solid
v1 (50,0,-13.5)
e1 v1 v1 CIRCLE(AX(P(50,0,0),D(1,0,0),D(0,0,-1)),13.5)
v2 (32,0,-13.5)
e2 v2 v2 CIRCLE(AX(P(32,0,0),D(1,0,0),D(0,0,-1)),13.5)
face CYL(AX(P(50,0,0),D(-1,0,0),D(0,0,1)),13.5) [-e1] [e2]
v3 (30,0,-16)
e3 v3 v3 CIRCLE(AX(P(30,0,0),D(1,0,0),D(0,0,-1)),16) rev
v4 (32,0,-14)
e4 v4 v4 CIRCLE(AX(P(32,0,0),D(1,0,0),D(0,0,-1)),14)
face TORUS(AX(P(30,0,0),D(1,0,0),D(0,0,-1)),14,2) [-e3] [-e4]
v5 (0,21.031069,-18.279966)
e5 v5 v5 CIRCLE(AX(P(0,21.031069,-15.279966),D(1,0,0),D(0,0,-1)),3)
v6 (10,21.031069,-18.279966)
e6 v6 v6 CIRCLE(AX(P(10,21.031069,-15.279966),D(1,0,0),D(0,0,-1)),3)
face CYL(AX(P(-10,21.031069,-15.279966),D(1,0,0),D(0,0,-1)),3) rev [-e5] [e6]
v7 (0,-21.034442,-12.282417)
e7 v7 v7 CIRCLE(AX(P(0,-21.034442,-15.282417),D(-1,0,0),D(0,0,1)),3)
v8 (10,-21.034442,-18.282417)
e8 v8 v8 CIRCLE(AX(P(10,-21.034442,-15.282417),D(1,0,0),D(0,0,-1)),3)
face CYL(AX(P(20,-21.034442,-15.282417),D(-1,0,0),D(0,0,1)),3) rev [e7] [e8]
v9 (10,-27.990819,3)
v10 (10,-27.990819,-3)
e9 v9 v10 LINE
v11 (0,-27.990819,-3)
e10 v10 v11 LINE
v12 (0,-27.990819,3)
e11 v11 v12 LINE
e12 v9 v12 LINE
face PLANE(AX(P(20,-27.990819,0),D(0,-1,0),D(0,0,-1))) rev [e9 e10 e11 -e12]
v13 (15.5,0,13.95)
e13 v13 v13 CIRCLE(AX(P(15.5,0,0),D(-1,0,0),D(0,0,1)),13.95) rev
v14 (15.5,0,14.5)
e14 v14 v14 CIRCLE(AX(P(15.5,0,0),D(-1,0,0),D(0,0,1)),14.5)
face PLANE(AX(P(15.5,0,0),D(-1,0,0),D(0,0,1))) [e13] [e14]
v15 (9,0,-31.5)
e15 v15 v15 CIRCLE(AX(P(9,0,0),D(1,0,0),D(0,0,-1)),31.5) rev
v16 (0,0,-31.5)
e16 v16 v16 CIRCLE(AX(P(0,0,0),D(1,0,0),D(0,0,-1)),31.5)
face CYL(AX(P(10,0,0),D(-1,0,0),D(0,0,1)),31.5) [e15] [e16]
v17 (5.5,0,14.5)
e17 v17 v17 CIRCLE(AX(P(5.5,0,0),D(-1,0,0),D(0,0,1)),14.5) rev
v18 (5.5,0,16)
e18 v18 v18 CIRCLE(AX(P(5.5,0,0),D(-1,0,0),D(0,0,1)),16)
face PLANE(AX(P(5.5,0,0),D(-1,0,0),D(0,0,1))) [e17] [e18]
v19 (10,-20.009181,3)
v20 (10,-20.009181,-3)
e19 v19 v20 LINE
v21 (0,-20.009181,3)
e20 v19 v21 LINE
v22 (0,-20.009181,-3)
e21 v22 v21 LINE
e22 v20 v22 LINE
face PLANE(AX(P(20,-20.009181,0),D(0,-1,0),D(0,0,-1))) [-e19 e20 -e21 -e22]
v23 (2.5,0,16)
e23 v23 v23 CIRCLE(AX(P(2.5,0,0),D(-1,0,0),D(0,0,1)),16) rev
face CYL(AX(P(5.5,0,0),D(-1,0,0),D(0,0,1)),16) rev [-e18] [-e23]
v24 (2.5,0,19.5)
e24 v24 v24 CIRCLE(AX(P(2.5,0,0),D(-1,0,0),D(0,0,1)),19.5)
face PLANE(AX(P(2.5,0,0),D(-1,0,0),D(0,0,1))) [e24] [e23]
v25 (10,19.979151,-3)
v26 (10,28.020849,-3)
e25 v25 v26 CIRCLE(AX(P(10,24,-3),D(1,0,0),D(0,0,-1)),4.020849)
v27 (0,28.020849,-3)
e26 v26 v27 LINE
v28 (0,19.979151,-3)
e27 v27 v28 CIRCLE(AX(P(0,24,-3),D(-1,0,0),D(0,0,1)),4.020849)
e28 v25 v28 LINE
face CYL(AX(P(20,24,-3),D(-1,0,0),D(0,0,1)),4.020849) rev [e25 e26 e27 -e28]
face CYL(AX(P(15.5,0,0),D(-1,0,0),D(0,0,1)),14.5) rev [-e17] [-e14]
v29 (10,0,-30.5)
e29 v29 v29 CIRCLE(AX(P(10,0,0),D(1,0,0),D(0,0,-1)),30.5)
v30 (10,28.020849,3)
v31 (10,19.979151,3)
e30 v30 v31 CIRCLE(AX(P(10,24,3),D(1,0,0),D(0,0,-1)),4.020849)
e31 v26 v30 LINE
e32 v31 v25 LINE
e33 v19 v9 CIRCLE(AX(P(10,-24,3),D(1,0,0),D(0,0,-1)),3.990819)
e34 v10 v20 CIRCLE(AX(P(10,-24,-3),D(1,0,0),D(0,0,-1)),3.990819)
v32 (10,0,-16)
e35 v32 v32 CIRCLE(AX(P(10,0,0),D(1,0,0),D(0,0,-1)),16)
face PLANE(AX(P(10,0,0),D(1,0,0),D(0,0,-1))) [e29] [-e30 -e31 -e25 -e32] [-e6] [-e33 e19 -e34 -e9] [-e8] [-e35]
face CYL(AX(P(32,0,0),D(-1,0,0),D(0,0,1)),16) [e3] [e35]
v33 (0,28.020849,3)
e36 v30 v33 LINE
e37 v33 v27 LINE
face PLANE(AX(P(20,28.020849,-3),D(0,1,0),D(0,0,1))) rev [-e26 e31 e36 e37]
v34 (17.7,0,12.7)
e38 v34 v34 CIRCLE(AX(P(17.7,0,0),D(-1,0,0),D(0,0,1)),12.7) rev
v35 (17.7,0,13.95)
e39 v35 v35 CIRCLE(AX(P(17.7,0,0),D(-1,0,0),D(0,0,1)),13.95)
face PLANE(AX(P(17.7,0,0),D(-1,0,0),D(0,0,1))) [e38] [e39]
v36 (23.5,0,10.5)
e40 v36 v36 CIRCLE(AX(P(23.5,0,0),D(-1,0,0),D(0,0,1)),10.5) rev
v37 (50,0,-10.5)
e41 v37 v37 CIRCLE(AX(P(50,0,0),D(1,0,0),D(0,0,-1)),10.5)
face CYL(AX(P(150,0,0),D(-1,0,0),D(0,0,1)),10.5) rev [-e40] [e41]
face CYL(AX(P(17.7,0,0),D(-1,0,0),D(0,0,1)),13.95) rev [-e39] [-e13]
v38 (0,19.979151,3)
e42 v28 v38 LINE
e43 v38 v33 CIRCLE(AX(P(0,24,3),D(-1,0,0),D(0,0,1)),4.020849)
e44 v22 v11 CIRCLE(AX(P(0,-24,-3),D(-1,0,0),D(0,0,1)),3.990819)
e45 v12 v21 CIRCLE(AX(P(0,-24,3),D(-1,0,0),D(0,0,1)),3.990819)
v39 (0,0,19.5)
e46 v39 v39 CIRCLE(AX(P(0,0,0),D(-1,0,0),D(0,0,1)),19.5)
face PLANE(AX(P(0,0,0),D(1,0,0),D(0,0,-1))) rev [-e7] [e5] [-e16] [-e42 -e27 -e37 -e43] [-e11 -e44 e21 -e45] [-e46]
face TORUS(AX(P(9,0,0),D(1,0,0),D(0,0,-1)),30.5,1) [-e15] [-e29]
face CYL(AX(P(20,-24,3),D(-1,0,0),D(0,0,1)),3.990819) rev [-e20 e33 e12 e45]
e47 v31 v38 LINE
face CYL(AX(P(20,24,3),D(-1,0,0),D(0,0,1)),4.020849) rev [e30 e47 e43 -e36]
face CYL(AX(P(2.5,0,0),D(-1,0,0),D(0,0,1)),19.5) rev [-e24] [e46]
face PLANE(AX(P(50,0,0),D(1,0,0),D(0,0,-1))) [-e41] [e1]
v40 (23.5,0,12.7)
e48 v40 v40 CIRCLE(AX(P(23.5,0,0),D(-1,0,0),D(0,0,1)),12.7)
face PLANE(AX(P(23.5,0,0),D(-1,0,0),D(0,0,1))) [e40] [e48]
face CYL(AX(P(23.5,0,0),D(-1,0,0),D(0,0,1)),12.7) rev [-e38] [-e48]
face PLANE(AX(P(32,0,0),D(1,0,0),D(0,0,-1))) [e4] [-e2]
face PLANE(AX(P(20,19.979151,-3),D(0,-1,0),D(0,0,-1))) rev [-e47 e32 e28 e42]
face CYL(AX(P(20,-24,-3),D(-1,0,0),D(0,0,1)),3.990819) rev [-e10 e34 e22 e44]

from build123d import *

# Parameters (mm, degrees)
SKETCH1_R           = 31.5
BOSS_EXTRUDE1_DEPTH = 10
SKETCH2_R           = 16
BOSS_EXTRUDE2_DEPTH = 22
SKETCH3_R           = 13.5
BOSS_EXTRUDE3_DEPTH = 18
FILLET1_R           = 1
FILLET6_R           = 2
SKETCH4_R           = 10.5
CUT_EXTRUDE1_DEPTH  = 150
SKETCH5_R           = 12.7
CUT_EXTRUDE2_DEPTH  = 23.5
SKETCH6_R           = 13.95
CUT_EXTRUDE3_DEPTH  = 17.7
SKETCH7_R           = 14.5
CUT_EXTRUDE4_DEPTH  = 15.5
SKETCH8_R           = 16
CUT_EXTRUDE5_DEPTH  = 5.5
SKETCH9_R           = 19.5
CUT_EXTRUDE6_DEPTH  = 2.5
SKETCH10_R          = 3
CUT_EXTRUDE11_DEPTH = 20
SKETCH11_R          = 3
CUT_EXTRUDE12_DEPTH = 20
CUT_EXTRUDE16_DEPTH = 20
CUT_EXTRUDE17_DEPTH = 20


with BuildPart() as part:
    # Sketch1 → Boss-Extrude1 (new body)
    with BuildSketch(Plane(origin=(0, 0, 0), x_dir=(0, 0, -1), z_dir=(1, 0, 0))):
        Circle(SKETCH1_R)
    extrude(amount=BOSS_EXTRUDE1_DEPTH)

    # Sketch2 → Boss-Extrude2 (add)
    with BuildSketch(Plane(origin=(10, 0, 0), x_dir=(0, 0, -1), z_dir=(1, 0, 0))):
        Circle(SKETCH2_R)
    extrude(amount=BOSS_EXTRUDE2_DEPTH)

    # Sketch3 → Boss-Extrude3 (add)
    with BuildSketch(Plane(origin=(32, 0, 0), x_dir=(0, 0, -1), z_dir=(1, 0, 0))):
        Circle(SKETCH3_R)
    extrude(amount=BOSS_EXTRUDE3_DEPTH)

    # Fillet1
    fillet1_edges = [part.edges().sort_by_distance(p)[0] for p in [
        (10, 0, 31.5),
    ]]
    fillet(fillet1_edges, radius=FILLET1_R)

    # Fillet6
    fillet6_edges = [part.edges().sort_by_distance(p)[0] for p in [
        (32, 0, 16),
    ]]
    fillet(fillet6_edges, radius=FILLET6_R)

    # Sketch4 → Cut-Extrude1 (cut)
    with BuildSketch(Plane.ZY):
        Circle(SKETCH4_R)
    extrude(amount=-CUT_EXTRUDE1_DEPTH, mode=Mode.SUBTRACT)

    # Sketch5 → Cut-Extrude2 (cut)
    with BuildSketch(Plane.ZY):
        Circle(SKETCH5_R)
    extrude(amount=-CUT_EXTRUDE2_DEPTH, mode=Mode.SUBTRACT)

    # Sketch6 → Cut-Extrude3 (cut)
    with BuildSketch(Plane.ZY):
        Circle(SKETCH6_R)
    extrude(amount=-CUT_EXTRUDE3_DEPTH, mode=Mode.SUBTRACT)

    # Sketch7 → Cut-Extrude4 (cut)
    with BuildSketch(Plane.ZY):
        Circle(SKETCH7_R)
    extrude(amount=-CUT_EXTRUDE4_DEPTH, mode=Mode.SUBTRACT)

    # Sketch8 → Cut-Extrude5 (cut)
    with BuildSketch(Plane.ZY):
        with Locations(Location((0, 0, 0), (0, 0, 180))):
            Circle(SKETCH8_R)
    extrude(amount=-CUT_EXTRUDE5_DEPTH, mode=Mode.SUBTRACT)

    # Sketch9 → Cut-Extrude6 (cut)
    with BuildSketch(Plane.ZY):
        Circle(SKETCH9_R)
    extrude(amount=-CUT_EXTRUDE6_DEPTH, mode=Mode.SUBTRACT)

    # Sketch10 → Cut-Extrude11 (cut)
    with BuildSketch(Plane(origin=(10, 0, 0), x_dir=(0, 0, -1), z_dir=(1, 0, 0))):
        with Locations((15.279966328, 21.0310694)):
            Circle(SKETCH10_R)
    extrude(amount=-CUT_EXTRUDE11_DEPTH, mode=Mode.SUBTRACT)

    # Sketch11 → Cut-Extrude12 (cut)
    with BuildSketch(Plane.ZY):
        with Locations((-15.28241656, -21.034441854)):
            Circle(SKETCH11_R)
    extrude(amount=-CUT_EXTRUDE12_DEPTH, mode=Mode.SUBTRACT)

    # Sketch12 → Cut-Extrude16 (cut)
    with BuildSketch(Plane.ZY):
        with BuildLine():
            Line((-3, -20.009180996), (3, -20.009180996))
            ThreePointArc((3, -20.009180996), (6.990819004, -24), (3, -27.990819004))
            Line((3, -27.990819004), (-3, -27.990819004))
            ThreePointArc((-3, -27.990819004), (-6.990819004, -24), (-3, -20.009180996))
        make_face()
    extrude(amount=-CUT_EXTRUDE16_DEPTH, mode=Mode.SUBTRACT)

    # Sketch14 → Cut-Extrude17 (cut)
    with BuildSketch(Plane.ZY):
        with BuildLine():
            Line((-3, 28.020849302), (3, 28.020849302))
            ThreePointArc((3, 28.020849302), (7.020849302, 24), (3, 19.979150698))
            Line((3, 19.979150698), (-3, 19.979150698))
            ThreePointArc((-3, 19.979150698), (-7.020849302, 24), (-3, 28.020849302))
        make_face()
    extrude(amount=-CUT_EXTRUDE17_DEPTH, mode=Mode.SUBTRACT)


solid = part.part
